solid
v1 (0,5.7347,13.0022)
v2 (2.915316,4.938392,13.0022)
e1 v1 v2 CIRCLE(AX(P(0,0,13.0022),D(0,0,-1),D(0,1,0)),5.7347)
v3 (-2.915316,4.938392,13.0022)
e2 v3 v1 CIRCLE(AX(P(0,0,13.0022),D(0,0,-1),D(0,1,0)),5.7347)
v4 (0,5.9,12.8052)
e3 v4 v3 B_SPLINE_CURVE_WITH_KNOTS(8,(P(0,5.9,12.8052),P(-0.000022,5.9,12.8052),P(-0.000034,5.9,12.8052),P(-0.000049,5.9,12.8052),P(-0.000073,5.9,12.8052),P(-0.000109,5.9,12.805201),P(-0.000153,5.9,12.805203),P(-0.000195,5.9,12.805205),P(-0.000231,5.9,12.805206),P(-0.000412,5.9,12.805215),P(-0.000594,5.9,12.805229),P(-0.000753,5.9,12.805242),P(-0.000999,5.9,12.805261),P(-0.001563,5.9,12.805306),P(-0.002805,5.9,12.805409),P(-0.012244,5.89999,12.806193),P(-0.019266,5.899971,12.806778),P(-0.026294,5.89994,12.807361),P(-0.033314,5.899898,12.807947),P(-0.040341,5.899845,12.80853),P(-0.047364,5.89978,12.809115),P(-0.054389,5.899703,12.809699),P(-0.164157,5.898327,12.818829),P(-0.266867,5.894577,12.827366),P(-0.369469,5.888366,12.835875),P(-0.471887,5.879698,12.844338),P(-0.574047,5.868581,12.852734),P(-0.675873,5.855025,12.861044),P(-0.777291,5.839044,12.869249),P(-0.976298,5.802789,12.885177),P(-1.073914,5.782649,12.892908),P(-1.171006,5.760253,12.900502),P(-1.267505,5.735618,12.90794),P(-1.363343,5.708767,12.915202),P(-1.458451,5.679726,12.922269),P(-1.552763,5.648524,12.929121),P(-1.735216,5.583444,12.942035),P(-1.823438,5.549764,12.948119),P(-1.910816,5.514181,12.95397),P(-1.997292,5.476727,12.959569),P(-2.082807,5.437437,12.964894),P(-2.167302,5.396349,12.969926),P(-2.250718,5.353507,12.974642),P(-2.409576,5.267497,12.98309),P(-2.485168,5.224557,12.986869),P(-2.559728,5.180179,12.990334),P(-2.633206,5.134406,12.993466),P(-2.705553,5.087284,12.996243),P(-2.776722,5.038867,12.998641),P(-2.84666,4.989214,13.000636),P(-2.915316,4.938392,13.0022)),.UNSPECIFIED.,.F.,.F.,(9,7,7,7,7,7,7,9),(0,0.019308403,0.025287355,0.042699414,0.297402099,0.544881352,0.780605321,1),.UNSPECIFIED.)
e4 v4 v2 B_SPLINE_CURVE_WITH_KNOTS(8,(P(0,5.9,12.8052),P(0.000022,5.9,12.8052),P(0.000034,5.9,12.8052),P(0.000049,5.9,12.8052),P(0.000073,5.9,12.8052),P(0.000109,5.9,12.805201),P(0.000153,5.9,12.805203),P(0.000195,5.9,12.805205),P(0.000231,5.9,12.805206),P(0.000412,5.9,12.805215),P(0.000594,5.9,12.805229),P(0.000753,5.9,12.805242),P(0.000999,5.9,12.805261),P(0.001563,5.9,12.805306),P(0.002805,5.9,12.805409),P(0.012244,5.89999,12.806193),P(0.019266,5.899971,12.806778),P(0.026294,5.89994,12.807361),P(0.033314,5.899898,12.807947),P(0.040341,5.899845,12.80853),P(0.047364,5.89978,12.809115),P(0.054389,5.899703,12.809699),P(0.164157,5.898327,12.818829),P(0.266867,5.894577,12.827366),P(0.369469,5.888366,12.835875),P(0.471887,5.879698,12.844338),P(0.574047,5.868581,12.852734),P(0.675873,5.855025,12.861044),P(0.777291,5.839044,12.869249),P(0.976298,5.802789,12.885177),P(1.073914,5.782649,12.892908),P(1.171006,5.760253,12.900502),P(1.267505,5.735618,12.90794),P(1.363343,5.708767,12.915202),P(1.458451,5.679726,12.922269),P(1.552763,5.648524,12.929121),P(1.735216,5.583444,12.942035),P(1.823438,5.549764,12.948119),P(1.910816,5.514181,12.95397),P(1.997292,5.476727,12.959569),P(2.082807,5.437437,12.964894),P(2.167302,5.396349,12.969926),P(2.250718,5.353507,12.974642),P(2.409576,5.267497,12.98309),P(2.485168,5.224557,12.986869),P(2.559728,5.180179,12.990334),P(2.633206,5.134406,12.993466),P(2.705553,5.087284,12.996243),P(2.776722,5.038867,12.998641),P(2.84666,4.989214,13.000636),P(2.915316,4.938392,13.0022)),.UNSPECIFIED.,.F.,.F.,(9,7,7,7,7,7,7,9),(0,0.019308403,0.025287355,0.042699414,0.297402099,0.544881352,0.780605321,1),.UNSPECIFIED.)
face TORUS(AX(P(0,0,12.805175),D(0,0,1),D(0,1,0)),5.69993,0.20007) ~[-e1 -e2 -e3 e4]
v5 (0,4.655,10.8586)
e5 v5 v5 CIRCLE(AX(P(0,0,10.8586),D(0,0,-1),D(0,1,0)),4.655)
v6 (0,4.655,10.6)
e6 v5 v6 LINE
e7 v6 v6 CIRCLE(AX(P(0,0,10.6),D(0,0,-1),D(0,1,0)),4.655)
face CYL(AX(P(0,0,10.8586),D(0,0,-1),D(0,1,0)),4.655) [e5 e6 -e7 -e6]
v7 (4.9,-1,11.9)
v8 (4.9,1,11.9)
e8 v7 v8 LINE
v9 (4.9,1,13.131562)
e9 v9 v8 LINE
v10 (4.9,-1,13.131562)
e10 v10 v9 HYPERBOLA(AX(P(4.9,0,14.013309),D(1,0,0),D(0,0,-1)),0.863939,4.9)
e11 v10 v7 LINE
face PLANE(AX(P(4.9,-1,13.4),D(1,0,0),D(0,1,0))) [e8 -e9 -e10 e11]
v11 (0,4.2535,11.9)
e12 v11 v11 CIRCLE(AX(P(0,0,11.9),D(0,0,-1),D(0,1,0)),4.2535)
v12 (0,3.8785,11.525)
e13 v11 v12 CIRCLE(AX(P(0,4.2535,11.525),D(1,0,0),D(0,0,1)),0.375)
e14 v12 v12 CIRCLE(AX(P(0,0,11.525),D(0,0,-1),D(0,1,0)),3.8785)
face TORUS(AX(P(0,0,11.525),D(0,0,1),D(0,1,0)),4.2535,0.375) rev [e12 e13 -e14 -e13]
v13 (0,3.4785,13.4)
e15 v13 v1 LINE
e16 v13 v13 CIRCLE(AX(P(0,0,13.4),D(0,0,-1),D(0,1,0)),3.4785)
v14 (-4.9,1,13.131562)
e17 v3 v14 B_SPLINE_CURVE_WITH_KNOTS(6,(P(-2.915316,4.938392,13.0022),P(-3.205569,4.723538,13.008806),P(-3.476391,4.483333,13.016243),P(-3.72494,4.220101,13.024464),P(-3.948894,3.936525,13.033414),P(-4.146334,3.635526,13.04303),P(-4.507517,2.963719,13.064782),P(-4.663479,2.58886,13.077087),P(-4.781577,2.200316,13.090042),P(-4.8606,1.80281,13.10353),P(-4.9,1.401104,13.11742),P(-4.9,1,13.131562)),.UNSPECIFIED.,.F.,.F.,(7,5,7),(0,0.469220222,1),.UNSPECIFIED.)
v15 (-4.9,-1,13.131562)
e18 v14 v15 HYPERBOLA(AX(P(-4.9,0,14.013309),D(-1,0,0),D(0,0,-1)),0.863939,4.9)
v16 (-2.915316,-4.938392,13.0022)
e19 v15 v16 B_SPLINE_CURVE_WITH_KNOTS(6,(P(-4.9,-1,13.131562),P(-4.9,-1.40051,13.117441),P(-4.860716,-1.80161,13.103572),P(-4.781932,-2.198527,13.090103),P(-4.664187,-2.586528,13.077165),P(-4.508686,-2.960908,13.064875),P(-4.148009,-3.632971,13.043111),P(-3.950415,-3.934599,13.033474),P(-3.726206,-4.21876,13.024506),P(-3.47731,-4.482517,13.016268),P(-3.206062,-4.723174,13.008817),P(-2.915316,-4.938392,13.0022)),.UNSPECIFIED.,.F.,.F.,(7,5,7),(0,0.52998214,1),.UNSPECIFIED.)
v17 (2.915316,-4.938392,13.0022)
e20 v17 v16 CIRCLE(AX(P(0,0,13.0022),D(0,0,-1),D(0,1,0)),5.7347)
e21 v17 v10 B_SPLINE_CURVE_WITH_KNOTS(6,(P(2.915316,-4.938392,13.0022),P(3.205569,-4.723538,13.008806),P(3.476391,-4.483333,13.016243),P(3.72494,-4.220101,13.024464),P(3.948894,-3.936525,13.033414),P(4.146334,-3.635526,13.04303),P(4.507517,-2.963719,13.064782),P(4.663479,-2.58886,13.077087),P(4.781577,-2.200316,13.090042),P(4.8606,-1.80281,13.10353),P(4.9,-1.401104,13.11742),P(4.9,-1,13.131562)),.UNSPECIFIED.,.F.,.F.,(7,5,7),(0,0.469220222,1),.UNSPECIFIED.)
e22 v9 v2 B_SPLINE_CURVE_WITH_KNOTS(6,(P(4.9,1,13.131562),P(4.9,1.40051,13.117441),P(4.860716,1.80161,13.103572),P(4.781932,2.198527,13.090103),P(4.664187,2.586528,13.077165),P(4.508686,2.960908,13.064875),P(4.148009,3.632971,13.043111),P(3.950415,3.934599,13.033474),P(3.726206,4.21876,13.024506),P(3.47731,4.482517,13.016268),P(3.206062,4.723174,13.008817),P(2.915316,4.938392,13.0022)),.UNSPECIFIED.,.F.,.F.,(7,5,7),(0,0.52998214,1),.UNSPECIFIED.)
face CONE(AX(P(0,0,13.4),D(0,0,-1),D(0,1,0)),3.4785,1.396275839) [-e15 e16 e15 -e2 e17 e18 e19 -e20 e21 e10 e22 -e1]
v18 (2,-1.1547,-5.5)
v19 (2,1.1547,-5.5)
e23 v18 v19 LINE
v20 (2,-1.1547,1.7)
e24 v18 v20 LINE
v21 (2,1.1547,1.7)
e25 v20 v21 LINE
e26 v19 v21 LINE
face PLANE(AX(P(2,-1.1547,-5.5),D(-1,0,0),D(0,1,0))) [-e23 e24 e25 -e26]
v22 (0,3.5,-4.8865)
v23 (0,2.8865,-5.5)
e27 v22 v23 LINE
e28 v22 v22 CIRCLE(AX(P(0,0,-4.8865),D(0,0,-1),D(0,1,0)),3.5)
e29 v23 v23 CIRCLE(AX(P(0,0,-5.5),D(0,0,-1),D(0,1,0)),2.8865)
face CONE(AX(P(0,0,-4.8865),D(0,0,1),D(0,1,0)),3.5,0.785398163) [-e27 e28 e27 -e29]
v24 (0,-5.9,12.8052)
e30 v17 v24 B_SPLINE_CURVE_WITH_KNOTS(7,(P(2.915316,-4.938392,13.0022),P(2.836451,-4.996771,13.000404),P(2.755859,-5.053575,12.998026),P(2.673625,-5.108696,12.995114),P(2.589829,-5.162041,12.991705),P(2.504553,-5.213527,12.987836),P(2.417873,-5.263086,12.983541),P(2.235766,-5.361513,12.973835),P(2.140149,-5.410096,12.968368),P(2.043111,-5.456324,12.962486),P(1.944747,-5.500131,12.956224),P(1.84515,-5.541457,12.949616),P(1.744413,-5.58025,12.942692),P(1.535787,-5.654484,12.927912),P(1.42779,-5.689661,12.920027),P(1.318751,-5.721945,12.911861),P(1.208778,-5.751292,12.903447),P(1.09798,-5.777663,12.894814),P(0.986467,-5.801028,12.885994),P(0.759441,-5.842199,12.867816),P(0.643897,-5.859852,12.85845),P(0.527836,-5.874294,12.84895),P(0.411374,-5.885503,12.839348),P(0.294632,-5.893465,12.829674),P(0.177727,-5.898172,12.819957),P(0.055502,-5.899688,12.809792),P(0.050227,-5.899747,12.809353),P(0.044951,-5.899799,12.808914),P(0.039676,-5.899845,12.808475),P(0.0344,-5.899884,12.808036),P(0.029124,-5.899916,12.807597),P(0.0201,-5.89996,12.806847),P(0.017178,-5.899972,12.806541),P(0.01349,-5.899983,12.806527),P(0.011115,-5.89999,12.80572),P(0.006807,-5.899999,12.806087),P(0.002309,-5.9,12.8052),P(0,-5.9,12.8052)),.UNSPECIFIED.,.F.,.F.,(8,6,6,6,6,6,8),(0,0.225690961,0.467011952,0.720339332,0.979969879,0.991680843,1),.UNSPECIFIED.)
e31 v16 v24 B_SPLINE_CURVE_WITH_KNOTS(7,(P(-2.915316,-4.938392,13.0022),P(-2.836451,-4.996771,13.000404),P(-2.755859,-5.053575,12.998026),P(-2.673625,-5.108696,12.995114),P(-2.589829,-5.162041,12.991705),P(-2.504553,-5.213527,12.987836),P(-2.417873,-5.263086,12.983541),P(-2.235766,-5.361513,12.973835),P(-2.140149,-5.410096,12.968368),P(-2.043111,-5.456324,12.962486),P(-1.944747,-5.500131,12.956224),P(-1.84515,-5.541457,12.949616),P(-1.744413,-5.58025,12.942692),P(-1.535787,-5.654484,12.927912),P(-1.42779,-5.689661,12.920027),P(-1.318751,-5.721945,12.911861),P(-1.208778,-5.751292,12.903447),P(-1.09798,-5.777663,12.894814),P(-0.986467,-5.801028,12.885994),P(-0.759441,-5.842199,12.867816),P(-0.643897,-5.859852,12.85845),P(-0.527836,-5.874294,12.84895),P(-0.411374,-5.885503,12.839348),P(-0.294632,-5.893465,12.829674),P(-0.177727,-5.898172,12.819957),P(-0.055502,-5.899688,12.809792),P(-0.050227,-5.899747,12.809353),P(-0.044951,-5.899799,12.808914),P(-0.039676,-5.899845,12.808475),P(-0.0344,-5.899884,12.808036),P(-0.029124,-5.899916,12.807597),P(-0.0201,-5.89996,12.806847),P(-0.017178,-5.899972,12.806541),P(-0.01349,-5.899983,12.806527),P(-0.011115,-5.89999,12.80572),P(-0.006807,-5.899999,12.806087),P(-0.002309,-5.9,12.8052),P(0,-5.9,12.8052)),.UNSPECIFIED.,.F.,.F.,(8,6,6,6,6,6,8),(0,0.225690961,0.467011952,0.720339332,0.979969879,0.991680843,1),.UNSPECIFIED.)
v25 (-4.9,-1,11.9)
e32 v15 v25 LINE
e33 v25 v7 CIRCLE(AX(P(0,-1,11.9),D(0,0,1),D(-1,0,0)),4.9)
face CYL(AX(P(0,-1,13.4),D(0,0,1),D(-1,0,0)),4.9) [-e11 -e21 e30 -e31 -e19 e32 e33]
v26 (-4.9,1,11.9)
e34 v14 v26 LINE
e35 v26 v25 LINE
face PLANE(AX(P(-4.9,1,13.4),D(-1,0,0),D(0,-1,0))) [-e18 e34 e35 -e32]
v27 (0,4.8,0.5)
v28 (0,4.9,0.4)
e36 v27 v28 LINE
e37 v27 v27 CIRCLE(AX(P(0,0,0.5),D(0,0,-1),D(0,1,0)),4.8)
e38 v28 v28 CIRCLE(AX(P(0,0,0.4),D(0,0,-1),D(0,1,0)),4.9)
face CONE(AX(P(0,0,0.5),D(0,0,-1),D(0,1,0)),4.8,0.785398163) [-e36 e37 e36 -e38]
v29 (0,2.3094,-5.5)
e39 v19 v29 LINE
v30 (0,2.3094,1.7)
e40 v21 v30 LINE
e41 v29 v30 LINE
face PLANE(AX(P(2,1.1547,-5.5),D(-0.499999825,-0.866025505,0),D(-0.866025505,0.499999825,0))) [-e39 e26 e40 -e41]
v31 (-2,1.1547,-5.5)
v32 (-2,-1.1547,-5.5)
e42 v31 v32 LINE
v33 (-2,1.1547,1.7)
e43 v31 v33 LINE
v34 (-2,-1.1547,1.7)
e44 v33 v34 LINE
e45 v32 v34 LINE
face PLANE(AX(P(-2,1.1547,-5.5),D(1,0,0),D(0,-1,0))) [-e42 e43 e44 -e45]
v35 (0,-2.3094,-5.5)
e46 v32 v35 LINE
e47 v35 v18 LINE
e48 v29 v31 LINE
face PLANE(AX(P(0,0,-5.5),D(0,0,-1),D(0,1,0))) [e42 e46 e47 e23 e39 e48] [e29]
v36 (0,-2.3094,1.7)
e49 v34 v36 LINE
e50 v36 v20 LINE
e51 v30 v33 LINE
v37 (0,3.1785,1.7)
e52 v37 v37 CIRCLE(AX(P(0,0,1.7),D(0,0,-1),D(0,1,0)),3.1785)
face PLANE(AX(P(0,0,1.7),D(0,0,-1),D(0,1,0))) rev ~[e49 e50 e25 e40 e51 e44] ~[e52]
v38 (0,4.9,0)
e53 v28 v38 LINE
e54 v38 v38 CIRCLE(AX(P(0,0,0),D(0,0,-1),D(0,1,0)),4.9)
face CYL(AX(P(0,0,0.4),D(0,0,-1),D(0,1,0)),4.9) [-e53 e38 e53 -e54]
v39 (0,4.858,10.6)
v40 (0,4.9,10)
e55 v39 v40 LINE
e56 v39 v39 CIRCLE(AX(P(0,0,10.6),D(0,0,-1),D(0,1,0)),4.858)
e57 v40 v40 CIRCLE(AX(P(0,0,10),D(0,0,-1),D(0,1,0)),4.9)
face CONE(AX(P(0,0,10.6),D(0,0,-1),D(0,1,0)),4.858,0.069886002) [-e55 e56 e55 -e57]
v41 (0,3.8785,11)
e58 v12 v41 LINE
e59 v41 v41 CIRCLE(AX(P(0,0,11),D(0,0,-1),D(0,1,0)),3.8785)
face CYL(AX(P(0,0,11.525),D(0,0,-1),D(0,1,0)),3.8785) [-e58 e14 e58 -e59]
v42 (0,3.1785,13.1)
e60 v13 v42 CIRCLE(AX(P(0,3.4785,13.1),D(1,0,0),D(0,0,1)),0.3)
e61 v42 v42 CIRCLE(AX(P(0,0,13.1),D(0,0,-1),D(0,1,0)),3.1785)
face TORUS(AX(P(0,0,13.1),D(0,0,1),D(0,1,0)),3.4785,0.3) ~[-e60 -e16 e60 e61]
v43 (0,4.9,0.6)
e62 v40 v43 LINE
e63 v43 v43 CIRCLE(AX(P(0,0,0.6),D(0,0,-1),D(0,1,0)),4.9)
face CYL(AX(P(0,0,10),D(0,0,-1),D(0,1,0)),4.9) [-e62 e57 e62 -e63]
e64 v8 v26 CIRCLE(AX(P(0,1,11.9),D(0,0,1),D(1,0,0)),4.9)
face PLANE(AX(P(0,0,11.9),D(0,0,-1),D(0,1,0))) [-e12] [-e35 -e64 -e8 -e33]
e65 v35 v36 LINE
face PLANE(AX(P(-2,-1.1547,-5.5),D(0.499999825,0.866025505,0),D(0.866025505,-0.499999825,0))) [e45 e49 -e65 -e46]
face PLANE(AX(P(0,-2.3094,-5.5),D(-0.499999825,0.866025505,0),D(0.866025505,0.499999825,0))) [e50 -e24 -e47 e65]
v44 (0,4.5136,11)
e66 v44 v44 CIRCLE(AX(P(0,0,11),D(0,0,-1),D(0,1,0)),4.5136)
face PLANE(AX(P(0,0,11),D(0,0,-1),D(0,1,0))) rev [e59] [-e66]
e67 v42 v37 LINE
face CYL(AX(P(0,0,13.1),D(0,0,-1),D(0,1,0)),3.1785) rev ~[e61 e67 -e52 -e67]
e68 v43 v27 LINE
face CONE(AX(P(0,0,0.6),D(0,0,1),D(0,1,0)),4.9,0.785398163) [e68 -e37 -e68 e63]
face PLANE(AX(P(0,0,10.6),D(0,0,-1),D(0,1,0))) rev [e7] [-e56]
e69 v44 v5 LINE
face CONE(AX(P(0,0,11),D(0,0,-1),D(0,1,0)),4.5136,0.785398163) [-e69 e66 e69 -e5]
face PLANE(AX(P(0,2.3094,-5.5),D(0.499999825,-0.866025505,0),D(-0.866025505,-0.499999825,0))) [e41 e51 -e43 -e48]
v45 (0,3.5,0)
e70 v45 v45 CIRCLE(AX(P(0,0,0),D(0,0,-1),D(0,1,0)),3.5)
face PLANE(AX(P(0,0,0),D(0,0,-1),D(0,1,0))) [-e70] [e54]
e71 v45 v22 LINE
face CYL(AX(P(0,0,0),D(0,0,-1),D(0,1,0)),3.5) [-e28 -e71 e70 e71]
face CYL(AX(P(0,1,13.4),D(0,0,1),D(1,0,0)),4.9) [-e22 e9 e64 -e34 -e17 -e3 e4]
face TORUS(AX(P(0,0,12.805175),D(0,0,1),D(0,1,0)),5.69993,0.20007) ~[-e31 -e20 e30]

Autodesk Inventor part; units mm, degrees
sketch "Sketch_1" plane through (0, 0, 0) normal (1, 0, 0) x (0, 1, 0)
  line L0 (0, -5.5) -> (0, 13.4)
  line L1 (0, 13.4) -> (3.4785, 13.4)
  line L2 (3.4785, 13.4) -> (5.7347, 13.0022)
  arc A0 (5.9, 12.8052) -> (5.7347, 13.0022) centre (5.7, 12.8052) ccw
  line L3 (5.9, 12.8052) -> (5.9, 11.9)
  line L4 (5.9, 11.9) -> (4.2535, 11.9)
  arc A1 (4.2535, 11.9) -> (3.8785, 11.525) centre (4.2535, 11.525) ccw
  line L5 (3.8785, 11.525) -> (3.8785, 11)
  line L6 (3.8785, 11) -> (4.5136, 11)
  line L7 (4.5136, 11) -> (4.655, 10.8586)
  line L8 (4.655, 10.8586) -> (4.655, 10.6)
  line L9 (4.655, 10.6) -> (4.858, 10.6)
  line L10 (4.858, 10.6) -> (4.9, 10)
  line L11 (4.9, 10) -> (4.9, 0.6)
  line L12 (4.9, 0.6) -> (4.8, 0.5)
  line L13 (4.8, 0.5) -> (4.9, 0.4)
  line L14 (4.9, 0.4) -> (4.9, 0)
  line L15 (4.9, 0) -> (3.5, 0)
  line L16 (3.5, 0) -> (3.5, -4.8865)
  line L17 (3.5, -4.8865) -> (2.8865, -5.5)
  line L18 (2.8865, -5.5) -> (0, -5.5)
  line L19 (0, -5.5) -> (0, 13.4)
revolve "Revolution1" add sketch "Sketch_1" angle 360 about axis through (0, 0, -5.5) along (0, 0, -1)
thread "Thread1" size "M7x1" class "6g" standard "ISO Metric profile" full length
sketch "Sketch_2" plane through (0, 0, 13.4) normal (0, 0, 1) x (1, 0, 0)
  line L0 (-11.8, 11.8) -> (-11.8, -11.8)
  line L1 (-11.8, -11.8) -> (11.8, -11.8)
  line L2 (11.8, -11.8) -> (11.8, 11.8)
  line L3 (11.8, 11.8) -> (-11.8, 11.8)
  arc A0 (-4.9, -1) -> (4.9, -1) centre (0, -1) ccw
  line L4 (4.9, -1) -> (4.9, 1)
  arc A1 (4.9, 1) -> (-4.9, 1) centre (0, 1) ccw
  line L5 (-4.9, 1) -> (-4.9, -1)
extrude "Extrusion1" cut sketch "Sketch_2" against normal blind 1.5
sketch "Sketch_3" plane through (0, 0, -5.5) normal (0, 0, 1) x (1, 0, 0)
  line L0 (-2, 1.1547) -> (-2, -1.1547)
  line L1 (-2, -1.1547) -> (0, -2.3094)
  line L2 (0, -2.3094) -> (2, -1.1547)
  line L3 (2, -1.1547) -> (2, 1.1547)
  line L4 (2, 1.1547) -> (0, 2.3094)
  line L5 (0, 2.3094) -> (-2, 1.1547)
extrude "Extrusion2" cut sketch "Sketch_3" along normal blind 7.2
sketch "Sketch_4" plane through (0, 0, 0) normal (1, 0, 0) x (0, 1, 0)
  line L0 (0, 1.7) -> (0, 13.4)
  line L1 (0, 13.4) -> (3.4785, 13.4)
  arc A0 (3.4785, 13.4) -> (3.1785, 13.1) centre (3.4785, 13.1) ccw
  line L2 (3.1785, 13.1) -> (3.1785, 1.7)
  line L3 (3.1785, 1.7) -> (0, 1.7)
  line L4 (0, 1.7) -> (0, 13.4)
revolve "Revolution2" cut sketch "Sketch_4" angle 360 about axis through (0, 0, 1.7) along (0, 0, -1)
ref_plane "ANBAU_XY" through (0, 0, 0) normal (0, 0, -1) x (1, 0, 0)
ref_plane "ANBAU_YZ" through (0, 0, 0) normal (1, 0, 0) x (0, -1, 0)
ref_plane "ANBAU_ZX" through (0, 0, 0) normal (0, -1, 0) x (0, 0, -1)
ref_plane "CPV_XY" through (0, 0, 0) normal (0, 0, 1) x (1, 0, 0)
ref_plane "CPV_YZ" through (0, 0, 0) normal (1, 0, 0) x (0, 1, 0)
ref_plane "CPV_ZX" through (0, 0, 0) normal (0, 1, 0) x (0, 0, 1)
ref_plane "CPV_ANBAU_XY" through (0, 0, 0) normal (0, 0, 1) x (1, 0, 0)
ref_plane "CPV_ANBAU_YZ" through (0, 0, 0) normal (1, 0, 0) x (0, 1, 0)
ref_plane "CPV_ANBAU_ZX" through (0, 0, 0) normal (0, 1, 0) x (0, 0, 1)
properties part number "183740"
